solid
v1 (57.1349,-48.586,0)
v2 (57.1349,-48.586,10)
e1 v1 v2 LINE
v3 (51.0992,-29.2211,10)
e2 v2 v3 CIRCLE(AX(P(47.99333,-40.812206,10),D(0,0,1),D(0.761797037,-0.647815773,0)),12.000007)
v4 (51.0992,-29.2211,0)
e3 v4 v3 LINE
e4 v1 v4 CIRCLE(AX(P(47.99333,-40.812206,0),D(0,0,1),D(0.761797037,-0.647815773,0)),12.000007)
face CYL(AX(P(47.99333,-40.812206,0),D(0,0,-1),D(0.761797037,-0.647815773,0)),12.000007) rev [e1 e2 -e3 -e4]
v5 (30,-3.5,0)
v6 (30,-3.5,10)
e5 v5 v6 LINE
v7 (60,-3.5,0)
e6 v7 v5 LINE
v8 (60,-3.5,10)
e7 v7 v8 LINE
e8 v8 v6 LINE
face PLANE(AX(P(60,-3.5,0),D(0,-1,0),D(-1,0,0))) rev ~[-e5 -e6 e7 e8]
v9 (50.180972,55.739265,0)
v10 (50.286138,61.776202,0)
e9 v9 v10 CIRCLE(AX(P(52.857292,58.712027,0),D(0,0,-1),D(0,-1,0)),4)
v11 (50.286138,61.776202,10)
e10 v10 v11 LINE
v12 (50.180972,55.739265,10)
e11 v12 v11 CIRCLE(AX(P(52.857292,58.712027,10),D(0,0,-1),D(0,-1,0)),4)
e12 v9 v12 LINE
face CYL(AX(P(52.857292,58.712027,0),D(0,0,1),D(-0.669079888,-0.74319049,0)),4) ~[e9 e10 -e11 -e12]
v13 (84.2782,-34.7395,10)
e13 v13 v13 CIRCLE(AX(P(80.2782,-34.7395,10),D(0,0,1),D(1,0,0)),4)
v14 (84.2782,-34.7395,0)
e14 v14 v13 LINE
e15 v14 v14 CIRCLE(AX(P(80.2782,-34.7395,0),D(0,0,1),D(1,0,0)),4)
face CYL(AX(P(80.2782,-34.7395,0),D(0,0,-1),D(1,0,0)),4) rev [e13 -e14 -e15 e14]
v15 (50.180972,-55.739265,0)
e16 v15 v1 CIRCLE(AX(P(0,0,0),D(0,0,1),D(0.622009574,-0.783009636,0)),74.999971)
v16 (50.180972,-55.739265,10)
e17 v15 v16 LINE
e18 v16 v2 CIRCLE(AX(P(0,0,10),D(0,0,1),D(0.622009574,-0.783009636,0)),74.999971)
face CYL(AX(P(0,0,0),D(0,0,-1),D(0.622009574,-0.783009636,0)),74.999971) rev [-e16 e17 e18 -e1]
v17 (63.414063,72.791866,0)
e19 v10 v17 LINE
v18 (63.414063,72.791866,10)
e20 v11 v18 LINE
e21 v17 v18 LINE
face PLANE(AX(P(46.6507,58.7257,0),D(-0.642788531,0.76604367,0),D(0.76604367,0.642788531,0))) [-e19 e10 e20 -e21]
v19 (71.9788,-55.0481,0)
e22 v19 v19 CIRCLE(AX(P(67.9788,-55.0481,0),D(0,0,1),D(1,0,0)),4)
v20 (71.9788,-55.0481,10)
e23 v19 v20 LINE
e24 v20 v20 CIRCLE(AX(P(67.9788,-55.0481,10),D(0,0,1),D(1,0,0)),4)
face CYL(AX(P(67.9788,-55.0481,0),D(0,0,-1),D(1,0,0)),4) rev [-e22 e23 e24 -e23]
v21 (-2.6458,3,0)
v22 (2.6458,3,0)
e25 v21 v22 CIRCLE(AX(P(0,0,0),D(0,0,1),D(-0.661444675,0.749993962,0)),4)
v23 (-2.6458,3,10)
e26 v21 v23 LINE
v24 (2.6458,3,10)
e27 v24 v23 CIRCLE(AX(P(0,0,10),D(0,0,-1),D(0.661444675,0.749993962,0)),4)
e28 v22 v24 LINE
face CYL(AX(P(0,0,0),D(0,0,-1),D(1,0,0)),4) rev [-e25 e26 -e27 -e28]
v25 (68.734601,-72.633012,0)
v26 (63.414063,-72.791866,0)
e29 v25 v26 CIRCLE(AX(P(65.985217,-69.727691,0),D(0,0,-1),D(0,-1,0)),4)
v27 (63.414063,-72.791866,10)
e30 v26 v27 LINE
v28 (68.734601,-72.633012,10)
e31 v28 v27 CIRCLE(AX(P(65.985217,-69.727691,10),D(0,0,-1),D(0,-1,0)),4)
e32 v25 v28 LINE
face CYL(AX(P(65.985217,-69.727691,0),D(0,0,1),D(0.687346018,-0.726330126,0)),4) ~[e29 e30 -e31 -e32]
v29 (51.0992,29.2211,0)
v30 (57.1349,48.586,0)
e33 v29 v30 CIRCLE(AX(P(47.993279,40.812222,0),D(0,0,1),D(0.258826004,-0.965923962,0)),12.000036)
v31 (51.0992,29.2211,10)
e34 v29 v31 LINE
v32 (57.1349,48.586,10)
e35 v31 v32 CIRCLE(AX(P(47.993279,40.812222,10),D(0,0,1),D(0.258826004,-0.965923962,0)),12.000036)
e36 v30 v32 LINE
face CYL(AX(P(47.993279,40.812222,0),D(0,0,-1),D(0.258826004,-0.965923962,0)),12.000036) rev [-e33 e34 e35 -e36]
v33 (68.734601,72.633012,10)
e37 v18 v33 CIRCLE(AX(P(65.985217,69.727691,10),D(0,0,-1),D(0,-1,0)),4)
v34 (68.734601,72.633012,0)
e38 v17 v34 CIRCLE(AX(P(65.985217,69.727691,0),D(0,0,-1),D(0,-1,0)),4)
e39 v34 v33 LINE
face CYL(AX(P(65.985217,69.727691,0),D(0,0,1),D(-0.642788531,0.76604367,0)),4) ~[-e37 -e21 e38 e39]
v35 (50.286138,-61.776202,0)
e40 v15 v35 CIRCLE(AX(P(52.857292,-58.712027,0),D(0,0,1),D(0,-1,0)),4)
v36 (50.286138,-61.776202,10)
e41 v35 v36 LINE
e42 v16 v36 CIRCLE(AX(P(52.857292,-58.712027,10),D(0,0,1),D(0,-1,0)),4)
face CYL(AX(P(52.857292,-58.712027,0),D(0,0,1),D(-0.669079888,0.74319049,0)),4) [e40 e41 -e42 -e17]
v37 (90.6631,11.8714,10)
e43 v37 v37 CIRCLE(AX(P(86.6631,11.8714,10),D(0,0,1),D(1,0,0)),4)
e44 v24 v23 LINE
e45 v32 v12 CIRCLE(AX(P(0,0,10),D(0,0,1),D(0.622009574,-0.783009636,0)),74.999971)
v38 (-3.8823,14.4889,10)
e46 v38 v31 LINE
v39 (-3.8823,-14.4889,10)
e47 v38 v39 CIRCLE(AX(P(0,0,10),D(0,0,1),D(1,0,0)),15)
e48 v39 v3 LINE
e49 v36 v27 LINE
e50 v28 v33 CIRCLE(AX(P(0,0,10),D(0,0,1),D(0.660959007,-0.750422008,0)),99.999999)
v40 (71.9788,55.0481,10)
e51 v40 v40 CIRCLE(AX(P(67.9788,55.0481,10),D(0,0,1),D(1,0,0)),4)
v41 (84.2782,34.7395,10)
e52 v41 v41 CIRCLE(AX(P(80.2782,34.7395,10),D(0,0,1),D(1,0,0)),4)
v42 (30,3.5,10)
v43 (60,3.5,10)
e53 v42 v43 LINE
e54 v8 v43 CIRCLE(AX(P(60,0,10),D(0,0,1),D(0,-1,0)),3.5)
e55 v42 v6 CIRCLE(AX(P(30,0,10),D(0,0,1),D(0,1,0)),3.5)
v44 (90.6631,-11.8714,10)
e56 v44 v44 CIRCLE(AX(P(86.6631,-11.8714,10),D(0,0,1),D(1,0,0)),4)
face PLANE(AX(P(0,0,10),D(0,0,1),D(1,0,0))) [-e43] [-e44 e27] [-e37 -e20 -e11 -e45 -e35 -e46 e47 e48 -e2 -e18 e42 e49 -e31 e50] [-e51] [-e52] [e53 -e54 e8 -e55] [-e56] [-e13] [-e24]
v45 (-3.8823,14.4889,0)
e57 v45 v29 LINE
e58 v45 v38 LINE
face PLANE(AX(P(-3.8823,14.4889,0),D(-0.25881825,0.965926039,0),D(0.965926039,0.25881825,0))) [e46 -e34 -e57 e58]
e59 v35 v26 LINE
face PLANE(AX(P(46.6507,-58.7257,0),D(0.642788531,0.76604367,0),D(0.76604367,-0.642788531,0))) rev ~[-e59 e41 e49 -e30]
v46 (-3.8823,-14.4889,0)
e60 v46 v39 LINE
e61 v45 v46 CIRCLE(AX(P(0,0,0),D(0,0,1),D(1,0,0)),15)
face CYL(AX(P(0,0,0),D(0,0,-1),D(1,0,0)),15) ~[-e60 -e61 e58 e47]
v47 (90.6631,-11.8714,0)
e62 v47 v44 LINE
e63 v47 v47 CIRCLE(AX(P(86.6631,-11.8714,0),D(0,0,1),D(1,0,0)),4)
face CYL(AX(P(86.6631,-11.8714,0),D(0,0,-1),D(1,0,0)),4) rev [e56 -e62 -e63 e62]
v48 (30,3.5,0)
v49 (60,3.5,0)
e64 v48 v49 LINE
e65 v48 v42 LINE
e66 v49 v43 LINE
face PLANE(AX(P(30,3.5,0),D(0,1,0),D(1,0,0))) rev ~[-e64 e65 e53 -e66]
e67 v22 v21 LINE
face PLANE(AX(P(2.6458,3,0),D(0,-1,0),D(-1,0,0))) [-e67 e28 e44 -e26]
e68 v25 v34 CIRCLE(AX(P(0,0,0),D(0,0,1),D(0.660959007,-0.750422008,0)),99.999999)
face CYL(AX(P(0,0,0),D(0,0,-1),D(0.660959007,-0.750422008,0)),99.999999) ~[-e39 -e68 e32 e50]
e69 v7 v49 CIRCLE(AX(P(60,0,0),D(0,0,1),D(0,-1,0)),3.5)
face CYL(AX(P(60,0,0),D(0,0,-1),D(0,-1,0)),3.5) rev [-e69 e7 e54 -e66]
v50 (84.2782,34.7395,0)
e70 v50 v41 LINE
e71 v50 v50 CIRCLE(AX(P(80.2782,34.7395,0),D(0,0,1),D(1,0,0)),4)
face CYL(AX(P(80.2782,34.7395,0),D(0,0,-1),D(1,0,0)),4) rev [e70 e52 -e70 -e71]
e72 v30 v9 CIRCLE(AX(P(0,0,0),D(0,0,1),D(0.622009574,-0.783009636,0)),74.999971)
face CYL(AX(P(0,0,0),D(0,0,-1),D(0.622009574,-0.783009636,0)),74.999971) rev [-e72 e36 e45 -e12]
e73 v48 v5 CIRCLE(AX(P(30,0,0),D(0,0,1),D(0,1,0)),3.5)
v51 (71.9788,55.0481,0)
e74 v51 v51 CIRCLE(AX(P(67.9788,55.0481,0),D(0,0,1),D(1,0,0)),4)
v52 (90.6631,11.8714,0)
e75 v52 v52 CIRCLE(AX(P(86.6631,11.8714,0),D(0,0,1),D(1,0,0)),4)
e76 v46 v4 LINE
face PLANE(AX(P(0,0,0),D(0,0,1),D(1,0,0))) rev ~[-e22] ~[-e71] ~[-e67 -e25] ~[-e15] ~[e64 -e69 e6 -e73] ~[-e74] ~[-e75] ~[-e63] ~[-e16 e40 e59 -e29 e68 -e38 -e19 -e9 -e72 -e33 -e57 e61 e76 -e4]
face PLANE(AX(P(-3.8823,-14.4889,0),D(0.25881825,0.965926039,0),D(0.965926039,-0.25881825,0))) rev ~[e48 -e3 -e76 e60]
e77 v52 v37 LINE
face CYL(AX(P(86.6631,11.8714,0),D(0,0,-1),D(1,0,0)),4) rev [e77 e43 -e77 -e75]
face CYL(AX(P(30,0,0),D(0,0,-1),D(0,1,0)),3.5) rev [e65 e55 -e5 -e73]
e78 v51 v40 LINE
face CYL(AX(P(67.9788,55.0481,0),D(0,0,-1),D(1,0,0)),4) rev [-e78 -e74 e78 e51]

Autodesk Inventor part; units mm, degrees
ref_plane "YZ Plane" through (0, 0, 0) normal (1, 0, 0) x (0, 1, 0)
ref_plane "XZ Plane" through (0, 0, 0) normal (0, 1, 0) x (-1, 0, 0)
ref_plane "XY Plane" through (0, 0, 0) normal (0, 0, 1) x (1, 0, 0)
sketch "Skizze1" plane through (0, 0, 0) normal (0, 0, 1) x (1, 0, 0)
  circle A0 centre (0, 0) radius 15
  circle A1 centre (0, 0) radius 4
  line L0 (0, 0) -> (15, 0) construction
  line L1 (-9.6418, 11.4907) -> (66.0959, 75.0422) construction
  line L2 (-9.6418, -11.4907) -> (66.0959, -75.0422) construction
  line L3 (66.0959, 75.0422) -> (66.0959, -75.0422) construction
  arc A2 (66.0959, -75.0422) -> (66.0959, 75.0422) centre (0, 0) ccw
  arc A3 (46.6507, -58.7257) -> (46.6507, 58.7257) centre (0, 0) ccw
  line L4 (46.6507, 58.7257) -> (66.0959, 75.0422)
  line L5 (46.6507, -58.7257) -> (66.0959, -75.0422)
  arc A4 (51.0992, 29.2211) -> (57.1349, 48.586) centre (47.9933, 40.8122) ccw
  line L6 (-3.8823, 14.4889) -> (51.0992, 29.2211)
  line L7 (-3.8823, -14.4889) -> (51.0992, -29.2211)
  arc A5 (57.1349, -48.586) -> (51.0992, -29.2211) centre (47.9933, -40.8122) ccw
  line L8 (30, 0) -> (60, 0) construction
  line L9 (30, 3.5) -> (60, 3.5)
  line L10 (60, -3.5) -> (30, -3.5)
  arc A6 (30, 3.5) -> (30, -3.5) centre (30, 0) ccw
  arc A7 (60, -3.5) -> (60, 3.5) centre (60, 0) ccw
  line L11 (0, 0) -> (66.0959, 0) construction
  arc A8 (56.3733, -66.8839) -> (56.3733, 66.8839) centre (0, 0) ccw construction
  circle A9 centre (67.9788, 55.0481) radius 4
  line L12 (67.9788, 55.0481) -> (0, 0) construction
  circle A10 centre (80.2782, 34.7395) radius 4
  circle A11 centre (86.6631, 11.8714) radius 4
  circle A12 centre (86.6631, -11.8714) radius 4
  circle A13 centre (80.2782, -34.7395) radius 4
  circle A14 centre (67.9788, -55.0481) radius 4
  line L13 (2.6458, 3) -> (-2.6458, 3)
  point P0 (75, 0)
  point P1 (45, 0)
  dimension "d0" = 8
  dimension "d1" = 30
  dimension "d2" = 40
  dimension "d3" = 100
  dimension "d4" = 25
  dimension "d5" = 12
  dimension "d6" = 15
  dimension "d7" = 12
  dimension "d8" = 15
  dimension "d10" = 60
  dimension "d13" = 0
  dimension "d14" = 30
  dimension "d15" = 7
  dimension "d16" = 30
  dimension "d27" = 8
  dimension "d28" = 80
  dimension "d29" = 1
  dimension "d32" = 78
  dimension "d35" = 3
extrude "Extrusion1" add sketch "Skizze1" along normal blind 10 contours A0 | A0 L6 A4 A3 A5 L7 | A3 L4 A2 L5 | L13 A1 picked at (-0.6179, 3.1815)
fillet "Rundung1" radius 4 4 edges at (66.0959, 75.0422, 5) (66.0959, -75.0422, 5) (46.6507, 58.7257, 5) (46.6507, -58.7257, 5)
equation "\"d7\" = d5"
equation "\"d8\" = d6"
equation "\"d14\" = 0.5 * d10"
equation "\"d32\" = d28 - 2 * d29"
properties part number "ParallelMecha_Capstondisc_V3"
